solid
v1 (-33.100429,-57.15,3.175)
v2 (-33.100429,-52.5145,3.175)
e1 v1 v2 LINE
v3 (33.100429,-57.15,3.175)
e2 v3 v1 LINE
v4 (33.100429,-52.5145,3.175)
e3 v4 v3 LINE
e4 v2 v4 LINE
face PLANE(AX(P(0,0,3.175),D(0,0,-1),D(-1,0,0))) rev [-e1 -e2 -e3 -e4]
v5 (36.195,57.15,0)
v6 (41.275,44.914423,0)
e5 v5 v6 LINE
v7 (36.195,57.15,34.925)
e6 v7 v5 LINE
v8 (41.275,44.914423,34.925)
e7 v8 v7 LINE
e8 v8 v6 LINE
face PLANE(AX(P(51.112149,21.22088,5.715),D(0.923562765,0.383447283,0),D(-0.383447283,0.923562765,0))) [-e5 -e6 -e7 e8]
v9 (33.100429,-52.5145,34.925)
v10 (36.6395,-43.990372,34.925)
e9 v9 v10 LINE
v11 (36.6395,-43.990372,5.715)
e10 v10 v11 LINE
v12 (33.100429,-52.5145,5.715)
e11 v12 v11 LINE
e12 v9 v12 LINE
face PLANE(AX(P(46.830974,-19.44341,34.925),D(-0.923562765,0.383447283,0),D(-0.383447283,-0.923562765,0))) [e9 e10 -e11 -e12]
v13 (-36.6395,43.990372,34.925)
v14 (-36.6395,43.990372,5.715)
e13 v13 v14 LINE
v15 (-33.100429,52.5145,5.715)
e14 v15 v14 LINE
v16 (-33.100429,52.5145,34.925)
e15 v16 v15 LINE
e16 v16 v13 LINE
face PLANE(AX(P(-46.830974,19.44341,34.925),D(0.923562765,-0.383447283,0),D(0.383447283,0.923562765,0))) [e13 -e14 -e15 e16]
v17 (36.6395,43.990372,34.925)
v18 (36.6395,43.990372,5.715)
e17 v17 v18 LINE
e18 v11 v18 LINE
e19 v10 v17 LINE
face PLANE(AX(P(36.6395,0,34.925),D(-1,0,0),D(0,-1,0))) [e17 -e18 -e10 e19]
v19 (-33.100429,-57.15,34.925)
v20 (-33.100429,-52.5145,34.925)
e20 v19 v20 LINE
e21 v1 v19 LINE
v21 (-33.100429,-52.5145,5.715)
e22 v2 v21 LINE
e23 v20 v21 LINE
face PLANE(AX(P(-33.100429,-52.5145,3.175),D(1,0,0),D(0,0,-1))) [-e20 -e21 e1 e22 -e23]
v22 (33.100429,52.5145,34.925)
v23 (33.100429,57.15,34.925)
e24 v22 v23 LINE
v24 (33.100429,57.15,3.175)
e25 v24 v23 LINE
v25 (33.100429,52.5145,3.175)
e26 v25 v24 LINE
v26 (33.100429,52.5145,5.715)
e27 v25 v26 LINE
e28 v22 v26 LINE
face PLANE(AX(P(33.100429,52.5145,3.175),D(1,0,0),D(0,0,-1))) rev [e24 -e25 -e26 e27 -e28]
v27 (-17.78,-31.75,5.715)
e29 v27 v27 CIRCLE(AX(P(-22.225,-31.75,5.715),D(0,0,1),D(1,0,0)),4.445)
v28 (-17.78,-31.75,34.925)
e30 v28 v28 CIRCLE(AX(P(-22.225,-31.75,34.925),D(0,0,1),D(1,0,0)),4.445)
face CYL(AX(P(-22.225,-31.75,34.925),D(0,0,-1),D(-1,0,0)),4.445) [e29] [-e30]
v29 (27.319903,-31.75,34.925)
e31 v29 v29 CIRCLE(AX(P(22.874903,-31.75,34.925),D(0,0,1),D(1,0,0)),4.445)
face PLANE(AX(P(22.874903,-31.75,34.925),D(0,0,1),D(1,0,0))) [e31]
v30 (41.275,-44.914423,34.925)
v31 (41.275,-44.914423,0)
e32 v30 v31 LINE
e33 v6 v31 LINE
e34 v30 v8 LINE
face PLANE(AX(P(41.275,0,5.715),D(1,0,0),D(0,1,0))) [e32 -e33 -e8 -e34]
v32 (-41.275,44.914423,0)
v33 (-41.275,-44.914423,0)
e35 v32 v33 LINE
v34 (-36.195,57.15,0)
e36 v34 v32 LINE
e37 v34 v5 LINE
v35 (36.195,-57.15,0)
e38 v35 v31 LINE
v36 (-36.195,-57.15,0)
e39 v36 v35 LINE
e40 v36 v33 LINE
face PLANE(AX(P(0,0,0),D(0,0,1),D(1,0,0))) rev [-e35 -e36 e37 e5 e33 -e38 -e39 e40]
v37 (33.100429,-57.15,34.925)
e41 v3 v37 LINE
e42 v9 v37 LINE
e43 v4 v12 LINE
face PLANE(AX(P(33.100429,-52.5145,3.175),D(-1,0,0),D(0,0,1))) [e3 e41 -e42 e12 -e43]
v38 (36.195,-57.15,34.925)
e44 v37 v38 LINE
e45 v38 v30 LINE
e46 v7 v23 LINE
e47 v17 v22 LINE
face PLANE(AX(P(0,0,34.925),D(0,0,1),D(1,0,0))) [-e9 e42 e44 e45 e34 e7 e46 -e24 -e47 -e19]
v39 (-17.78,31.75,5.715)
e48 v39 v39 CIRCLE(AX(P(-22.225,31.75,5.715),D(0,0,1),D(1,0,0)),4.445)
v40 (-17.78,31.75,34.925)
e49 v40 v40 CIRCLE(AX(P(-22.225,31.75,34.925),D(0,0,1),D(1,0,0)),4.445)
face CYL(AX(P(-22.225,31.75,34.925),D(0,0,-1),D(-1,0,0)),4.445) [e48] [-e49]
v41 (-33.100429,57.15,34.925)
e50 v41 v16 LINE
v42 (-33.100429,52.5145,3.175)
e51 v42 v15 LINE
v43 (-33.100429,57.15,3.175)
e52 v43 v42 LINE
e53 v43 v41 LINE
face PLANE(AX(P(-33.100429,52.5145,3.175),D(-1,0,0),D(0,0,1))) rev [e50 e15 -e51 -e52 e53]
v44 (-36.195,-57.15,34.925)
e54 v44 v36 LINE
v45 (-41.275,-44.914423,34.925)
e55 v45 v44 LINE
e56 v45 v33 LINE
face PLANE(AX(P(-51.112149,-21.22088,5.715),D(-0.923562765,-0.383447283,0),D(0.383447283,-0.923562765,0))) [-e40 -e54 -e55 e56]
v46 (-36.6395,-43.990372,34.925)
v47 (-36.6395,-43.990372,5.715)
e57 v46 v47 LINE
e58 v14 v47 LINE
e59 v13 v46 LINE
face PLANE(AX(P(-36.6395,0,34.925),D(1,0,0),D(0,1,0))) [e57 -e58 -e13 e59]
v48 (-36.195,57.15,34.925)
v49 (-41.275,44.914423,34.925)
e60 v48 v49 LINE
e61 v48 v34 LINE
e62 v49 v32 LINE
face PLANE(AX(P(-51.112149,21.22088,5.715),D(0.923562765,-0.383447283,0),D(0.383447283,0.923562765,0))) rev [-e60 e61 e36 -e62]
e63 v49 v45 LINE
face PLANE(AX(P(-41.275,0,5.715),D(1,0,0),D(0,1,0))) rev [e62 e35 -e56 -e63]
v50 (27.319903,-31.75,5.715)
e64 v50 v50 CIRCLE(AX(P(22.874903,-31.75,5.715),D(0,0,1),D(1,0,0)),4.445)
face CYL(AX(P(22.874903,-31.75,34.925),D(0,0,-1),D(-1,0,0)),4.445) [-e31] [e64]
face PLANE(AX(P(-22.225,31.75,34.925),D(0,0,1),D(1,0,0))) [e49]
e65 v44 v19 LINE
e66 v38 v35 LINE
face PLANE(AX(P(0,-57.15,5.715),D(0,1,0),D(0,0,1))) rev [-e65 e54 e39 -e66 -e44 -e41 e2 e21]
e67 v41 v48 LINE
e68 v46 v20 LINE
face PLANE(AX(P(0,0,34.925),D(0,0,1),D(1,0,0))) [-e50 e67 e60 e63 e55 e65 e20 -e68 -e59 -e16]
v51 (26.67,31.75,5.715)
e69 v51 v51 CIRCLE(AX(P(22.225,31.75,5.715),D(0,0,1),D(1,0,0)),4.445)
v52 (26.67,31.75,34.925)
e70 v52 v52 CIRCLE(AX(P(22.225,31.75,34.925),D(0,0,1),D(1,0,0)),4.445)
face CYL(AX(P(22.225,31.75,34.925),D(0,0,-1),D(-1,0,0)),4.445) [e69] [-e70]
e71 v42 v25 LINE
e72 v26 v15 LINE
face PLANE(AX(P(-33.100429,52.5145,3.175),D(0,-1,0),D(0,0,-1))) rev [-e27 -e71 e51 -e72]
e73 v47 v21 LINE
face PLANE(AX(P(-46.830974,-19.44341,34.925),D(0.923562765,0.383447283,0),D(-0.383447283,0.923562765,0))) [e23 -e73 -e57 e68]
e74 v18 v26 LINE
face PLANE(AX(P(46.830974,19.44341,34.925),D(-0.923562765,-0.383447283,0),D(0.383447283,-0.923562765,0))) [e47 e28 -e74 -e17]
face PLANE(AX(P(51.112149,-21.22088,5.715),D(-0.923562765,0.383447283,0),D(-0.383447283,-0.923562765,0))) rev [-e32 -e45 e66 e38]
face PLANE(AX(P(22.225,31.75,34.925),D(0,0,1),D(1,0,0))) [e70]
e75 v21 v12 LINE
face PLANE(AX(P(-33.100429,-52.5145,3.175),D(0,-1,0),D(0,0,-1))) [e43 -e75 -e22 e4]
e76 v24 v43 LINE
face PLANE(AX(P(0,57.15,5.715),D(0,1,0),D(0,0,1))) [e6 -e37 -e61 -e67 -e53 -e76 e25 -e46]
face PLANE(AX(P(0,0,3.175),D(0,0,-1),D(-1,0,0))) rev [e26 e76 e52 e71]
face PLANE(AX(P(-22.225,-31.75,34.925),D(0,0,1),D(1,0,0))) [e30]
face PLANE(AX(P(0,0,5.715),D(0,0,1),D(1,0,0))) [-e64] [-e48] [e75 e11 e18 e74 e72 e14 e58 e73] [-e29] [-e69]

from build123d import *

# Parameters (mm, degrees)
BOSS_EXTRUDE1_DEPTH = 5.715
BOSS_EXTRUDE2_DEPTH = 29.21
SKETCH3_W           = 66.200858932
SKETCH3_H           = 4.6355
CUT_EXTRUDE1_DEPTH  = 31.75
SKETCH4_R           = 4.445
BOSS_EXTRUDE3_DEPTH = 29.21


with BuildPart() as part:
    # Sketch1 → Boss-Extrude1 (new body)
    with BuildSketch(Plane.XY):
        Polygon((41.275, 44.914422768), (36.195, 57.15), (-36.195, 57.15), (-41.275, 44.914422768), (-41.275, -44.914422768), (-36.195, -57.15), (36.195, -57.15), (41.275, -44.914422768), align=None)
    extrude(amount=BOSS_EXTRUDE1_DEPTH)

    # Sketch2 → Boss-Extrude2 (add)
    with BuildSketch(Plane.XY.offset(5.715)):
        Polygon((-41.275, 44.914422768), (-41.275, -44.914422768), (-36.195, -57.15), (36.195, -57.15), (41.275, -44.914422768), (41.275, 44.914422768), (36.195, 57.15), (-36.195, 57.15), align=None)
        Polygon((-33.100429466, 52.5145), (-36.6395, 43.99037188), (-36.6395, -43.99037188), (-33.100429466, -52.5145), (33.100429466, -52.5145), (36.6395, -43.99037188), (36.6395, 43.99037188), (33.100429466, 52.5145), align=None, mode=Mode.SUBTRACT)
    extrude(amount=BOSS_EXTRUDE2_DEPTH)

    # Sketch3 → Cut-Extrude1 (cut)
    with BuildSketch(Plane.XY.offset(34.925)):
        with Locations((0, 54.83225)):
            Rectangle(SKETCH3_W, SKETCH3_H)
    cut_extrude1 = extrude(amount=-CUT_EXTRUDE1_DEPTH, mode=Mode.SUBTRACT)

    # Mirror1: Cut-Extrude1 across plane
    add(cut_extrude1.mirror(Plane.ZX), mode=Mode.SUBTRACT)

    # Sketch4 → Boss-Extrude3 (add)
    with BuildSketch(Plane.XY.offset(5.715)):
        with Locations((22.874903427, -31.75)):
            Circle(SKETCH4_R)
        with Locations((-22.225, -31.75)):
            Circle(SKETCH4_R)
        with Locations((22.225, 31.75)):
            Circle(SKETCH4_R)
        with Locations((-22.225, 31.75)):
            Circle(SKETCH4_R)
    extrude(amount=BOSS_EXTRUDE3_DEPTH)


solid = part.part
